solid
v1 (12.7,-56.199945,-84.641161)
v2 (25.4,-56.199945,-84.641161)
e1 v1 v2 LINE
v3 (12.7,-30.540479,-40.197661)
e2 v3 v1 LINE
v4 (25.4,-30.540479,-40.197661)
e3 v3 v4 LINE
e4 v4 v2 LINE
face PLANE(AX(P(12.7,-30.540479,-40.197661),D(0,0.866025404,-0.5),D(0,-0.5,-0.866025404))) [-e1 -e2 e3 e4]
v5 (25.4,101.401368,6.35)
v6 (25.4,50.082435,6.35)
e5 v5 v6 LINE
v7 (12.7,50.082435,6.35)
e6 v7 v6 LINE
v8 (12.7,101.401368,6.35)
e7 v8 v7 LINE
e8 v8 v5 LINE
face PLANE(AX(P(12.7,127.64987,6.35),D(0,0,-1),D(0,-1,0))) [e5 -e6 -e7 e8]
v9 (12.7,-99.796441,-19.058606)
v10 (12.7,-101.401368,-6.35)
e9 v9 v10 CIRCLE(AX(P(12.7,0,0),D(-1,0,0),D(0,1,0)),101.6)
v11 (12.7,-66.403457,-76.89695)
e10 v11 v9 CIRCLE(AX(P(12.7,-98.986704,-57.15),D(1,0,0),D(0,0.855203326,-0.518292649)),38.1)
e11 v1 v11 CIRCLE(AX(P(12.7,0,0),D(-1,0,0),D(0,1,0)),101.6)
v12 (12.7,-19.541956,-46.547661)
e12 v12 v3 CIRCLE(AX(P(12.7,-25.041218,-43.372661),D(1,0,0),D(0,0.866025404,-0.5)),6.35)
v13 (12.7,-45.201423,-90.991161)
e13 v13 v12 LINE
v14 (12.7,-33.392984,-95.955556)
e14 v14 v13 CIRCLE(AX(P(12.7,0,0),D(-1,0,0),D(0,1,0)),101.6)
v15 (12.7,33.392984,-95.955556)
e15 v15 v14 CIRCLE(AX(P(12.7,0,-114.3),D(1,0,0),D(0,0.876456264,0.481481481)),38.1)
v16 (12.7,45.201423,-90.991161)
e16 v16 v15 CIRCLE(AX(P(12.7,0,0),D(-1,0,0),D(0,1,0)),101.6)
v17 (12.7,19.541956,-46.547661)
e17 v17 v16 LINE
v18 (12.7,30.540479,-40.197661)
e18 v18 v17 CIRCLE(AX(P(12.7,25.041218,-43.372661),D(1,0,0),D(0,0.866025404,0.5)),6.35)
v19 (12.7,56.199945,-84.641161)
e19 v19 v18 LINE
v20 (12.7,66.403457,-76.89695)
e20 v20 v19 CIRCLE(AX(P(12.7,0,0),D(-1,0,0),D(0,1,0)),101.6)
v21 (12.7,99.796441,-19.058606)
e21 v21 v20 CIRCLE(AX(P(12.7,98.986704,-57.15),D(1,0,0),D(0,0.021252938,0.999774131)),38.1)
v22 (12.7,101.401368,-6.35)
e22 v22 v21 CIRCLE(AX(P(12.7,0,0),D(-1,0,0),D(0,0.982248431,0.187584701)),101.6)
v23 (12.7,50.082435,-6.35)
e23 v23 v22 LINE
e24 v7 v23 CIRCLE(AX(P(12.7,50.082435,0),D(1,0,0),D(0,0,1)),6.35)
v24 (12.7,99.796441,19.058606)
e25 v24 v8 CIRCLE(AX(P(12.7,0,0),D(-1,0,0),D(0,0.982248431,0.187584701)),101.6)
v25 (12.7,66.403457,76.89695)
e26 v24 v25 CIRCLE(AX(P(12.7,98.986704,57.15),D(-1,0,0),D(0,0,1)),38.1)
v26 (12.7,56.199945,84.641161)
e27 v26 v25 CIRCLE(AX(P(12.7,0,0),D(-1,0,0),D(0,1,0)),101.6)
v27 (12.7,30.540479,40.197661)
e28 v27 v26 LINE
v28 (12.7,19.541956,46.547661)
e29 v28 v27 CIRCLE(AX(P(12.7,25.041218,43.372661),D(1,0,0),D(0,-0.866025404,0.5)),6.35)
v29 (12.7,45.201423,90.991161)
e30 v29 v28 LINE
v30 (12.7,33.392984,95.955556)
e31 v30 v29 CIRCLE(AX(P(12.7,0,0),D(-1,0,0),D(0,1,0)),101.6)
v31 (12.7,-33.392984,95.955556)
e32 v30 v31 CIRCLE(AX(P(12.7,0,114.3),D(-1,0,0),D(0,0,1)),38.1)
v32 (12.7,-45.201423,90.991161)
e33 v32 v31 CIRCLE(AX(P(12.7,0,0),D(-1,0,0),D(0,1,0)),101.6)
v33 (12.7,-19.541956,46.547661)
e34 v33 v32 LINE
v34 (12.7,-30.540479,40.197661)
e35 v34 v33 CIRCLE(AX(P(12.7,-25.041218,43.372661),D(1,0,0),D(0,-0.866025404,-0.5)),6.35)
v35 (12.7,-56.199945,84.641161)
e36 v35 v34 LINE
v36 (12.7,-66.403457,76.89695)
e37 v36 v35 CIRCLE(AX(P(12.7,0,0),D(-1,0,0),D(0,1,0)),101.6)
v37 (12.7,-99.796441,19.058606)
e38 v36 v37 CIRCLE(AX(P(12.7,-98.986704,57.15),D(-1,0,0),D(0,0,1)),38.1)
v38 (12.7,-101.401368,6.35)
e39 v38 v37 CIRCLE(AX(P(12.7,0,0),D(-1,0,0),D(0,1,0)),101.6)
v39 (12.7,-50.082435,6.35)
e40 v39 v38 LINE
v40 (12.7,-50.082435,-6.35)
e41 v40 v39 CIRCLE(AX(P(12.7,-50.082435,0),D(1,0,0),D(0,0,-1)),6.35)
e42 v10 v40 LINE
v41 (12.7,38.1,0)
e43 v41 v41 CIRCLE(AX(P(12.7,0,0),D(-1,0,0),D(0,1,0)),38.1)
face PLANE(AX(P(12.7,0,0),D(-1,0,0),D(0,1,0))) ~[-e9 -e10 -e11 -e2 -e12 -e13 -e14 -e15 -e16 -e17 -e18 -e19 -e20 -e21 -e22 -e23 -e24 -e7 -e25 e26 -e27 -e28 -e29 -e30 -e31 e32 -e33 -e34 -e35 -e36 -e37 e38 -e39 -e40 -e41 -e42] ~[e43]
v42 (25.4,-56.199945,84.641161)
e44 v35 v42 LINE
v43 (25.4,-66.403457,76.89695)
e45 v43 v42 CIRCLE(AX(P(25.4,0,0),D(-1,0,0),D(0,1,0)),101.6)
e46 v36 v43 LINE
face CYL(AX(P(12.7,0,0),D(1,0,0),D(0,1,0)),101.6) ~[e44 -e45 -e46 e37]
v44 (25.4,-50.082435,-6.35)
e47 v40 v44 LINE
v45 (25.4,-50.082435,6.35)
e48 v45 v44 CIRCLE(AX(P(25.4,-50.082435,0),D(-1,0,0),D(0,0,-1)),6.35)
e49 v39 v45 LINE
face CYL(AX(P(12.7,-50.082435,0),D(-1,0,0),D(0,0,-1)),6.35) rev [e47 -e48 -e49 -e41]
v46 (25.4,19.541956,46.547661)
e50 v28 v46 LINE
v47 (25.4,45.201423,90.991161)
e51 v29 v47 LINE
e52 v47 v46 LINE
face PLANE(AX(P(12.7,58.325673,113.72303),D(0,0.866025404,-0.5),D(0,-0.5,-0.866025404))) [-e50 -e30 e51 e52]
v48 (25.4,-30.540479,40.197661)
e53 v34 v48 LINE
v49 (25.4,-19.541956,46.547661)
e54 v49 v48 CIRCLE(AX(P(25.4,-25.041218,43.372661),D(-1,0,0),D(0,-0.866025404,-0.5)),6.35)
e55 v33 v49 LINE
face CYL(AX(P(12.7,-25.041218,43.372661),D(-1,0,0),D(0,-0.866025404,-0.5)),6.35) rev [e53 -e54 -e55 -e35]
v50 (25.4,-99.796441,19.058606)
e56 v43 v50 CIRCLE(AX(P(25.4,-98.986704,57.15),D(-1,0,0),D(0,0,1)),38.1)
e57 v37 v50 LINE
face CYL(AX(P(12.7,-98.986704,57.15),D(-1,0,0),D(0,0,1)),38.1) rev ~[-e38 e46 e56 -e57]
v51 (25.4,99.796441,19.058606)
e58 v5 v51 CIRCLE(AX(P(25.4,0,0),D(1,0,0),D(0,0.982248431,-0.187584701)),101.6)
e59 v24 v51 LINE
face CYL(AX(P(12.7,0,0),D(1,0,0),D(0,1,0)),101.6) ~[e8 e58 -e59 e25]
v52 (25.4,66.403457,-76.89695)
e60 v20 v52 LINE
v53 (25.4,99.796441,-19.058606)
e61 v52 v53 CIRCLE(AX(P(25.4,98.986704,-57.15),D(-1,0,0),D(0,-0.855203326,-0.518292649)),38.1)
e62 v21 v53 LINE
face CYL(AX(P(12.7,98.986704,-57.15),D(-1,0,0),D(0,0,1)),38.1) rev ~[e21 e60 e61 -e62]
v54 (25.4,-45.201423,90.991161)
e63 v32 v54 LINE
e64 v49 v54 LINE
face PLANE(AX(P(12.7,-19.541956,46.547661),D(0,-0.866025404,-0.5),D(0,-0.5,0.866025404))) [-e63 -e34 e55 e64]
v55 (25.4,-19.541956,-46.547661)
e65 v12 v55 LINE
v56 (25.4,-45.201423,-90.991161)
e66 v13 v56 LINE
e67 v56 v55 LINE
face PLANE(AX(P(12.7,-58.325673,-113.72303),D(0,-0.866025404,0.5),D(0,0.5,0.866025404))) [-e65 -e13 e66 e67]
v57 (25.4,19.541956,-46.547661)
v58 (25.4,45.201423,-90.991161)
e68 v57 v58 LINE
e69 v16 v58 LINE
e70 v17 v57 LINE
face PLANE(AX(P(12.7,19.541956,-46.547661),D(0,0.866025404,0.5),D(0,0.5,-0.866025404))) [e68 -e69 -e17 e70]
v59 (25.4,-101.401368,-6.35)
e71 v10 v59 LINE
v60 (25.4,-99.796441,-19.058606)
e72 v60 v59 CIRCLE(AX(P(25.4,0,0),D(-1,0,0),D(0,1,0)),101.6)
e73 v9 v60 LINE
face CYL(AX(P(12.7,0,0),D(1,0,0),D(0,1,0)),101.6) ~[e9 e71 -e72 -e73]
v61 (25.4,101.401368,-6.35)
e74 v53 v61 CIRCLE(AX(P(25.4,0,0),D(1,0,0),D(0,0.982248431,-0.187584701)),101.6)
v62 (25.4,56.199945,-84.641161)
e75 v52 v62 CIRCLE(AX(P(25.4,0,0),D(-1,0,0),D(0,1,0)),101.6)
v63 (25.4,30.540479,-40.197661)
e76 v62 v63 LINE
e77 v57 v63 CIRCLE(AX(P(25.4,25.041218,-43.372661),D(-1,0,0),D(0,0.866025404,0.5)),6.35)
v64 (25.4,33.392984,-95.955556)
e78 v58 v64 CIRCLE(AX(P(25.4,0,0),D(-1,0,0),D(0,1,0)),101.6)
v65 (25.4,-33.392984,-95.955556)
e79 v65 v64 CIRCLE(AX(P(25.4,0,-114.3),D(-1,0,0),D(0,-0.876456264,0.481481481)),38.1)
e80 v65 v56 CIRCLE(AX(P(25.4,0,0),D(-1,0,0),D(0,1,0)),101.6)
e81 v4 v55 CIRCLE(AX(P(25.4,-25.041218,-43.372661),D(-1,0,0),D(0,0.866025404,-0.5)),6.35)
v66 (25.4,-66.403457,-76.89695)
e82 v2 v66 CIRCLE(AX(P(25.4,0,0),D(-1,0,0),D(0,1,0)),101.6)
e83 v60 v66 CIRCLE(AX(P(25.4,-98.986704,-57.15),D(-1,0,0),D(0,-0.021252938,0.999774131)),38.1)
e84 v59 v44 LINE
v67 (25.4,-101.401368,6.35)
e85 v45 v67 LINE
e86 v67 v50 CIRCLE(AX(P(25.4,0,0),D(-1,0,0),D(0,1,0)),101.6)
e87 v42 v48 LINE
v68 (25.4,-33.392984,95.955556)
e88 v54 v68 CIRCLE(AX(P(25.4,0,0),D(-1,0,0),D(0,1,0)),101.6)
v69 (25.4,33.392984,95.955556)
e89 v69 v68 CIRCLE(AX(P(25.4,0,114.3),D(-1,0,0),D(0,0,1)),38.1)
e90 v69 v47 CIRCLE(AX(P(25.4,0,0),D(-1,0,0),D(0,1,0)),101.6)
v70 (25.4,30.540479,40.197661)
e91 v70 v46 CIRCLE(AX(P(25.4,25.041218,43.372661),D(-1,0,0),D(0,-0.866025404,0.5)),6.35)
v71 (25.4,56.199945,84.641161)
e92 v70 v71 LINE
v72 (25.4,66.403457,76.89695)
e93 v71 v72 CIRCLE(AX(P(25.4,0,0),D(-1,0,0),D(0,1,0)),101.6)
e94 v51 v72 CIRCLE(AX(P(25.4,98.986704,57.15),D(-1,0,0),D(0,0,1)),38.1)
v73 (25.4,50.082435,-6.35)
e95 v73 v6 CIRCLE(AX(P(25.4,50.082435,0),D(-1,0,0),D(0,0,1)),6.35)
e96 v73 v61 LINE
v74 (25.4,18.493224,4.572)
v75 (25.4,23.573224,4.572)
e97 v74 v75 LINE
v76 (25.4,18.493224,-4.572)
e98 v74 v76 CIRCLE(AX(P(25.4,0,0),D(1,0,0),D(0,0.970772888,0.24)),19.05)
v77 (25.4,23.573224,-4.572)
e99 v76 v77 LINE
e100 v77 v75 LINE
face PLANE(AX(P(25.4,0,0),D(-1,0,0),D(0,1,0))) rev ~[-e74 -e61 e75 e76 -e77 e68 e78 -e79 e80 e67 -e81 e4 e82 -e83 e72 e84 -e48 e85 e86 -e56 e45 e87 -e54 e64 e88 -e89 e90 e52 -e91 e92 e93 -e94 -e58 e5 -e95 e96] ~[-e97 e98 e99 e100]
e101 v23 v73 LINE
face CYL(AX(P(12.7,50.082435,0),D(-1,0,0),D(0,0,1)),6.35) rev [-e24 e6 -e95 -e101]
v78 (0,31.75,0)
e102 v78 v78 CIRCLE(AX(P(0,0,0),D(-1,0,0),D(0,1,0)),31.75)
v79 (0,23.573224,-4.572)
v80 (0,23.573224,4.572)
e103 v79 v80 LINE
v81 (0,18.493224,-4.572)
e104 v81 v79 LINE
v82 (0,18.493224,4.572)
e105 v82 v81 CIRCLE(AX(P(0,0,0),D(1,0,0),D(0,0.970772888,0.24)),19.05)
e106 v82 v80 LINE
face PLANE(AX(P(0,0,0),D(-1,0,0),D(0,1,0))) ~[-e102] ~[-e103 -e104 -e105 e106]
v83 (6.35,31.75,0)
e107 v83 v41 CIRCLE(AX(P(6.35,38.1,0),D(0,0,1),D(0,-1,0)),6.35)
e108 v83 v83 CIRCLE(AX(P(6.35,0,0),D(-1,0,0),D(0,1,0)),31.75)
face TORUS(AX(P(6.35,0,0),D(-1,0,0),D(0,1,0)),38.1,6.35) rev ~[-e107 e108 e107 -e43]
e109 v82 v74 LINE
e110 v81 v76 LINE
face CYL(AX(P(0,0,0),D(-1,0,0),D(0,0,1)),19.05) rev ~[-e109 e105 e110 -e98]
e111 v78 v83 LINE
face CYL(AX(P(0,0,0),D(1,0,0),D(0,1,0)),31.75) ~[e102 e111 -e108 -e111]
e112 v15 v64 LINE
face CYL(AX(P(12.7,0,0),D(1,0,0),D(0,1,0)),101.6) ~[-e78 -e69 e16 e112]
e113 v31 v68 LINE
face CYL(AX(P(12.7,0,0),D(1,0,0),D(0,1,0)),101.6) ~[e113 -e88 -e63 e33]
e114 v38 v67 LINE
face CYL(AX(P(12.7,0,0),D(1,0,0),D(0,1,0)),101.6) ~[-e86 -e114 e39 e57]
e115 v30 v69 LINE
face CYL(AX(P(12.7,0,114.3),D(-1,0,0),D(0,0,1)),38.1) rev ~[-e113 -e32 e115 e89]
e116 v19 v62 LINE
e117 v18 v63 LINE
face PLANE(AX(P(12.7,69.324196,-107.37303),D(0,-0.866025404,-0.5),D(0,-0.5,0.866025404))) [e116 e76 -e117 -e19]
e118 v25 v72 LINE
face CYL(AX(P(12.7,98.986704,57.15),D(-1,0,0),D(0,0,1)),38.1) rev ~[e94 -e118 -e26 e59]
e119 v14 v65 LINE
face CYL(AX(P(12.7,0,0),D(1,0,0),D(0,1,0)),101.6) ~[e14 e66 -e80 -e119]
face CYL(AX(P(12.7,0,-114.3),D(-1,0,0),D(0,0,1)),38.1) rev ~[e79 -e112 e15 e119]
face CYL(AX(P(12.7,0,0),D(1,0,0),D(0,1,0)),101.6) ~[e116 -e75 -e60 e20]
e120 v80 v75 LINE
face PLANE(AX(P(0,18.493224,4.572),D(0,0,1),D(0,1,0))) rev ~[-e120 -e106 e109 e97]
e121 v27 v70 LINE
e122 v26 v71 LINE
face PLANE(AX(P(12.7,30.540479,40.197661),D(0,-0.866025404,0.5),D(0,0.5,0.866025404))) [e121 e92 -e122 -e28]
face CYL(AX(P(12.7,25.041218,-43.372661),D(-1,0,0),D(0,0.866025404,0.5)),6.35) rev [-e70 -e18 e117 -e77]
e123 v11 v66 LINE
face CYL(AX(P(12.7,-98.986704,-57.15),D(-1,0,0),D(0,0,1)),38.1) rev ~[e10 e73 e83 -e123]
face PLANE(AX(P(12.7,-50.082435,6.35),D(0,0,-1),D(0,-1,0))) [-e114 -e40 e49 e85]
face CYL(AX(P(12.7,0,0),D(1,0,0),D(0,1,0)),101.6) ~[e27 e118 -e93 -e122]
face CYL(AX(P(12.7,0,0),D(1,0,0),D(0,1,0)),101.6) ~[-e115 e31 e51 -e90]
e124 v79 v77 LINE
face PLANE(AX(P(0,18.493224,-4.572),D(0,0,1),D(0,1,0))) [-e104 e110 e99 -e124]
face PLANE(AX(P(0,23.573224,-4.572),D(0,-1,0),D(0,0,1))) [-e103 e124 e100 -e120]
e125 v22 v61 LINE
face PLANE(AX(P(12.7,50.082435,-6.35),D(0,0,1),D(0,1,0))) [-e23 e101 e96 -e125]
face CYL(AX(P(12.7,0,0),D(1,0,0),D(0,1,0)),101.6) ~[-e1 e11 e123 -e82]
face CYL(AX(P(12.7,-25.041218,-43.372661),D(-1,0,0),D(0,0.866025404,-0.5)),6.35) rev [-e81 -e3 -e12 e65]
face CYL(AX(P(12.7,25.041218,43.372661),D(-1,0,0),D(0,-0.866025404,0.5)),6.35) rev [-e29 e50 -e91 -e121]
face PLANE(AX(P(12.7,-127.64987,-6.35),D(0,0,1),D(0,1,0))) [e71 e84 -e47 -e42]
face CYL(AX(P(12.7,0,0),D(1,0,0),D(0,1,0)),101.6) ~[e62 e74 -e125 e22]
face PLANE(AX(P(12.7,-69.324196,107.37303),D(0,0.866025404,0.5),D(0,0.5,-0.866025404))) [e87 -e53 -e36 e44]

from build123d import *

# Parameters (mm, degrees)
SKETCH2_R          = 19.05
CUT_EXTRUDE1_DEPTH = 26.4
SKETCH3_R          = 38.1
CUT_EXTRUDE2_DEPTH = 13.7
CUT_EXTRUDE5_DEPTH = 13.7
SKETCH6_W          = 9.144
SKETCH6_H          = 5.08
CUT_EXTRUDE6_DEPTH = 26.4


with BuildPart() as part:
    # Sketch1 → Revolve1 (revolve)
    with BuildSketch(Plane.XY):
        with BuildLine():
            Line((0, 0), (0, 31.75))
            Line((0, 31.75), (6.35, 31.75))
            ThreePointArc((6.35, 31.75), (10.840128061, 33.609871939), (12.7, 38.1))
            Line((12.7, 38.1), (12.7, 101.6))
            Line((12.7, 101.6), (25.4, 101.6))
            Line((25.4, 101.6), (25.4, 0))
            Line((25.4, 0), (0, 0))
        make_face()
    revolve(axis=Axis((25.4, 0, 0), (-1, 0, 0)))

    # Sketch2 → Cut-Extrude1 (cut, through all)
    with BuildSketch(Plane.ZY):
        Circle(SKETCH2_R)
    extrude(amount=-CUT_EXTRUDE1_DEPTH, mode=Mode.SUBTRACT)

    # Sketch3 → Cut-Extrude2 (cut, through all)
    with BuildSketch(Plane.ZY.offset(-12.7)):
        with Locations((114.3, 0)):
            Circle(SKETCH3_R)
        with Locations((57.15, -98.986703653)):
            Circle(SKETCH3_R)
        with Locations((-57.15, -98.986703653)):
            Circle(SKETCH3_R)
        with Locations((-114.3, 0)):
            Circle(SKETCH3_R)
        with Locations((-57.15, 98.986703653)):
            Circle(SKETCH3_R)
        with Locations((57.15, 98.986703653)):
            Circle(SKETCH3_R)
    extrude(amount=-CUT_EXTRUDE2_DEPTH, mode=Mode.SUBTRACT)

    # Sketch5 → Cut-Extrude5 (cut, through all)
    with BuildSketch(Plane.ZY.offset(-12.7)):
        with BuildLine():
            Line((113.723029824, 58.325673463), (46.547661143, 19.541956272))
            ThreePointArc((46.547661143, 19.541956272), (37.873399829, 21.866217586), (40.197661143, 30.5404789))
            Line((40.197661143, 30.5404789), (107.373029824, 69.324196091))
            Line((107.373029824, 69.324196091), (113.723029824, 58.325673463))
        make_face()
        with BuildLine():
            Line((-6.35, 127.649869555), (6.35, 127.649869555))
            Line((6.35, 127.649869555), (6.35, 50.082435173))
            ThreePointArc((6.35, 50.082435173), (0, 43.732435173), (-6.35, 50.082435173))
            Line((-6.35, 50.082435173), (-6.35, 127.649869555))
        make_face()
        with BuildLine():
            Line((107.373029824, -69.324196091), (40.197661143, -30.5404789))
            ThreePointArc((40.197661143, -30.5404789), (37.873399829, -21.866217586), (46.547661143, -19.541956272))
            Line((46.547661143, -19.541956272), (113.723029824, -58.325673463))
            Line((113.723029824, -58.325673463), (107.373029824, -69.324196091))
        make_face()
        with BuildLine():
            Line((-6.35, -127.649869555), (-6.35, -50.082435173))
            ThreePointArc((-6.35, -50.082435173), (0, -43.732435173), (6.35, -50.082435173))
            Line((6.35, -50.082435173), (6.35, -127.649869555))
            Line((6.35, -127.649869555), (-6.35, -127.649869555))
        make_face()
        with BuildLine():
            Line((-113.723029824, -58.325673463), (-46.547661143, -19.541956272))
            ThreePointArc((-46.547661143, -19.541956272), (-37.873399829, -21.866217586), (-40.197661143, -30.5404789))
            Line((-40.197661143, -30.5404789), (-107.373029824, -69.324196091))
            Line((-107.373029824, -69.324196091), (-113.723029824, -58.325673463))
        make_face()
        with BuildLine():
            Line((-107.373029824, 69.324196091), (-40.197661143, 30.5404789))
            ThreePointArc((-40.197661143, 30.5404789), (-37.873399829, 21.866217586), (-46.547661143, 19.541956272))
            Line((-46.547661143, 19.541956272), (-113.723029824, 58.325673463))
            Line((-113.723029824, 58.325673463), (-107.373029824, 69.324196091))
        make_face()
    extrude(amount=-CUT_EXTRUDE5_DEPTH, mode=Mode.SUBTRACT)

    # Sketch6 → Cut-Extrude6 (cut, through all)
    with BuildSketch(Plane.ZY):
        with Locations((0, 21.033223516)):
            Rectangle(SKETCH6_W, SKETCH6_H)
    extrude(amount=-CUT_EXTRUDE6_DEPTH, mode=Mode.SUBTRACT)


solid = part.part
